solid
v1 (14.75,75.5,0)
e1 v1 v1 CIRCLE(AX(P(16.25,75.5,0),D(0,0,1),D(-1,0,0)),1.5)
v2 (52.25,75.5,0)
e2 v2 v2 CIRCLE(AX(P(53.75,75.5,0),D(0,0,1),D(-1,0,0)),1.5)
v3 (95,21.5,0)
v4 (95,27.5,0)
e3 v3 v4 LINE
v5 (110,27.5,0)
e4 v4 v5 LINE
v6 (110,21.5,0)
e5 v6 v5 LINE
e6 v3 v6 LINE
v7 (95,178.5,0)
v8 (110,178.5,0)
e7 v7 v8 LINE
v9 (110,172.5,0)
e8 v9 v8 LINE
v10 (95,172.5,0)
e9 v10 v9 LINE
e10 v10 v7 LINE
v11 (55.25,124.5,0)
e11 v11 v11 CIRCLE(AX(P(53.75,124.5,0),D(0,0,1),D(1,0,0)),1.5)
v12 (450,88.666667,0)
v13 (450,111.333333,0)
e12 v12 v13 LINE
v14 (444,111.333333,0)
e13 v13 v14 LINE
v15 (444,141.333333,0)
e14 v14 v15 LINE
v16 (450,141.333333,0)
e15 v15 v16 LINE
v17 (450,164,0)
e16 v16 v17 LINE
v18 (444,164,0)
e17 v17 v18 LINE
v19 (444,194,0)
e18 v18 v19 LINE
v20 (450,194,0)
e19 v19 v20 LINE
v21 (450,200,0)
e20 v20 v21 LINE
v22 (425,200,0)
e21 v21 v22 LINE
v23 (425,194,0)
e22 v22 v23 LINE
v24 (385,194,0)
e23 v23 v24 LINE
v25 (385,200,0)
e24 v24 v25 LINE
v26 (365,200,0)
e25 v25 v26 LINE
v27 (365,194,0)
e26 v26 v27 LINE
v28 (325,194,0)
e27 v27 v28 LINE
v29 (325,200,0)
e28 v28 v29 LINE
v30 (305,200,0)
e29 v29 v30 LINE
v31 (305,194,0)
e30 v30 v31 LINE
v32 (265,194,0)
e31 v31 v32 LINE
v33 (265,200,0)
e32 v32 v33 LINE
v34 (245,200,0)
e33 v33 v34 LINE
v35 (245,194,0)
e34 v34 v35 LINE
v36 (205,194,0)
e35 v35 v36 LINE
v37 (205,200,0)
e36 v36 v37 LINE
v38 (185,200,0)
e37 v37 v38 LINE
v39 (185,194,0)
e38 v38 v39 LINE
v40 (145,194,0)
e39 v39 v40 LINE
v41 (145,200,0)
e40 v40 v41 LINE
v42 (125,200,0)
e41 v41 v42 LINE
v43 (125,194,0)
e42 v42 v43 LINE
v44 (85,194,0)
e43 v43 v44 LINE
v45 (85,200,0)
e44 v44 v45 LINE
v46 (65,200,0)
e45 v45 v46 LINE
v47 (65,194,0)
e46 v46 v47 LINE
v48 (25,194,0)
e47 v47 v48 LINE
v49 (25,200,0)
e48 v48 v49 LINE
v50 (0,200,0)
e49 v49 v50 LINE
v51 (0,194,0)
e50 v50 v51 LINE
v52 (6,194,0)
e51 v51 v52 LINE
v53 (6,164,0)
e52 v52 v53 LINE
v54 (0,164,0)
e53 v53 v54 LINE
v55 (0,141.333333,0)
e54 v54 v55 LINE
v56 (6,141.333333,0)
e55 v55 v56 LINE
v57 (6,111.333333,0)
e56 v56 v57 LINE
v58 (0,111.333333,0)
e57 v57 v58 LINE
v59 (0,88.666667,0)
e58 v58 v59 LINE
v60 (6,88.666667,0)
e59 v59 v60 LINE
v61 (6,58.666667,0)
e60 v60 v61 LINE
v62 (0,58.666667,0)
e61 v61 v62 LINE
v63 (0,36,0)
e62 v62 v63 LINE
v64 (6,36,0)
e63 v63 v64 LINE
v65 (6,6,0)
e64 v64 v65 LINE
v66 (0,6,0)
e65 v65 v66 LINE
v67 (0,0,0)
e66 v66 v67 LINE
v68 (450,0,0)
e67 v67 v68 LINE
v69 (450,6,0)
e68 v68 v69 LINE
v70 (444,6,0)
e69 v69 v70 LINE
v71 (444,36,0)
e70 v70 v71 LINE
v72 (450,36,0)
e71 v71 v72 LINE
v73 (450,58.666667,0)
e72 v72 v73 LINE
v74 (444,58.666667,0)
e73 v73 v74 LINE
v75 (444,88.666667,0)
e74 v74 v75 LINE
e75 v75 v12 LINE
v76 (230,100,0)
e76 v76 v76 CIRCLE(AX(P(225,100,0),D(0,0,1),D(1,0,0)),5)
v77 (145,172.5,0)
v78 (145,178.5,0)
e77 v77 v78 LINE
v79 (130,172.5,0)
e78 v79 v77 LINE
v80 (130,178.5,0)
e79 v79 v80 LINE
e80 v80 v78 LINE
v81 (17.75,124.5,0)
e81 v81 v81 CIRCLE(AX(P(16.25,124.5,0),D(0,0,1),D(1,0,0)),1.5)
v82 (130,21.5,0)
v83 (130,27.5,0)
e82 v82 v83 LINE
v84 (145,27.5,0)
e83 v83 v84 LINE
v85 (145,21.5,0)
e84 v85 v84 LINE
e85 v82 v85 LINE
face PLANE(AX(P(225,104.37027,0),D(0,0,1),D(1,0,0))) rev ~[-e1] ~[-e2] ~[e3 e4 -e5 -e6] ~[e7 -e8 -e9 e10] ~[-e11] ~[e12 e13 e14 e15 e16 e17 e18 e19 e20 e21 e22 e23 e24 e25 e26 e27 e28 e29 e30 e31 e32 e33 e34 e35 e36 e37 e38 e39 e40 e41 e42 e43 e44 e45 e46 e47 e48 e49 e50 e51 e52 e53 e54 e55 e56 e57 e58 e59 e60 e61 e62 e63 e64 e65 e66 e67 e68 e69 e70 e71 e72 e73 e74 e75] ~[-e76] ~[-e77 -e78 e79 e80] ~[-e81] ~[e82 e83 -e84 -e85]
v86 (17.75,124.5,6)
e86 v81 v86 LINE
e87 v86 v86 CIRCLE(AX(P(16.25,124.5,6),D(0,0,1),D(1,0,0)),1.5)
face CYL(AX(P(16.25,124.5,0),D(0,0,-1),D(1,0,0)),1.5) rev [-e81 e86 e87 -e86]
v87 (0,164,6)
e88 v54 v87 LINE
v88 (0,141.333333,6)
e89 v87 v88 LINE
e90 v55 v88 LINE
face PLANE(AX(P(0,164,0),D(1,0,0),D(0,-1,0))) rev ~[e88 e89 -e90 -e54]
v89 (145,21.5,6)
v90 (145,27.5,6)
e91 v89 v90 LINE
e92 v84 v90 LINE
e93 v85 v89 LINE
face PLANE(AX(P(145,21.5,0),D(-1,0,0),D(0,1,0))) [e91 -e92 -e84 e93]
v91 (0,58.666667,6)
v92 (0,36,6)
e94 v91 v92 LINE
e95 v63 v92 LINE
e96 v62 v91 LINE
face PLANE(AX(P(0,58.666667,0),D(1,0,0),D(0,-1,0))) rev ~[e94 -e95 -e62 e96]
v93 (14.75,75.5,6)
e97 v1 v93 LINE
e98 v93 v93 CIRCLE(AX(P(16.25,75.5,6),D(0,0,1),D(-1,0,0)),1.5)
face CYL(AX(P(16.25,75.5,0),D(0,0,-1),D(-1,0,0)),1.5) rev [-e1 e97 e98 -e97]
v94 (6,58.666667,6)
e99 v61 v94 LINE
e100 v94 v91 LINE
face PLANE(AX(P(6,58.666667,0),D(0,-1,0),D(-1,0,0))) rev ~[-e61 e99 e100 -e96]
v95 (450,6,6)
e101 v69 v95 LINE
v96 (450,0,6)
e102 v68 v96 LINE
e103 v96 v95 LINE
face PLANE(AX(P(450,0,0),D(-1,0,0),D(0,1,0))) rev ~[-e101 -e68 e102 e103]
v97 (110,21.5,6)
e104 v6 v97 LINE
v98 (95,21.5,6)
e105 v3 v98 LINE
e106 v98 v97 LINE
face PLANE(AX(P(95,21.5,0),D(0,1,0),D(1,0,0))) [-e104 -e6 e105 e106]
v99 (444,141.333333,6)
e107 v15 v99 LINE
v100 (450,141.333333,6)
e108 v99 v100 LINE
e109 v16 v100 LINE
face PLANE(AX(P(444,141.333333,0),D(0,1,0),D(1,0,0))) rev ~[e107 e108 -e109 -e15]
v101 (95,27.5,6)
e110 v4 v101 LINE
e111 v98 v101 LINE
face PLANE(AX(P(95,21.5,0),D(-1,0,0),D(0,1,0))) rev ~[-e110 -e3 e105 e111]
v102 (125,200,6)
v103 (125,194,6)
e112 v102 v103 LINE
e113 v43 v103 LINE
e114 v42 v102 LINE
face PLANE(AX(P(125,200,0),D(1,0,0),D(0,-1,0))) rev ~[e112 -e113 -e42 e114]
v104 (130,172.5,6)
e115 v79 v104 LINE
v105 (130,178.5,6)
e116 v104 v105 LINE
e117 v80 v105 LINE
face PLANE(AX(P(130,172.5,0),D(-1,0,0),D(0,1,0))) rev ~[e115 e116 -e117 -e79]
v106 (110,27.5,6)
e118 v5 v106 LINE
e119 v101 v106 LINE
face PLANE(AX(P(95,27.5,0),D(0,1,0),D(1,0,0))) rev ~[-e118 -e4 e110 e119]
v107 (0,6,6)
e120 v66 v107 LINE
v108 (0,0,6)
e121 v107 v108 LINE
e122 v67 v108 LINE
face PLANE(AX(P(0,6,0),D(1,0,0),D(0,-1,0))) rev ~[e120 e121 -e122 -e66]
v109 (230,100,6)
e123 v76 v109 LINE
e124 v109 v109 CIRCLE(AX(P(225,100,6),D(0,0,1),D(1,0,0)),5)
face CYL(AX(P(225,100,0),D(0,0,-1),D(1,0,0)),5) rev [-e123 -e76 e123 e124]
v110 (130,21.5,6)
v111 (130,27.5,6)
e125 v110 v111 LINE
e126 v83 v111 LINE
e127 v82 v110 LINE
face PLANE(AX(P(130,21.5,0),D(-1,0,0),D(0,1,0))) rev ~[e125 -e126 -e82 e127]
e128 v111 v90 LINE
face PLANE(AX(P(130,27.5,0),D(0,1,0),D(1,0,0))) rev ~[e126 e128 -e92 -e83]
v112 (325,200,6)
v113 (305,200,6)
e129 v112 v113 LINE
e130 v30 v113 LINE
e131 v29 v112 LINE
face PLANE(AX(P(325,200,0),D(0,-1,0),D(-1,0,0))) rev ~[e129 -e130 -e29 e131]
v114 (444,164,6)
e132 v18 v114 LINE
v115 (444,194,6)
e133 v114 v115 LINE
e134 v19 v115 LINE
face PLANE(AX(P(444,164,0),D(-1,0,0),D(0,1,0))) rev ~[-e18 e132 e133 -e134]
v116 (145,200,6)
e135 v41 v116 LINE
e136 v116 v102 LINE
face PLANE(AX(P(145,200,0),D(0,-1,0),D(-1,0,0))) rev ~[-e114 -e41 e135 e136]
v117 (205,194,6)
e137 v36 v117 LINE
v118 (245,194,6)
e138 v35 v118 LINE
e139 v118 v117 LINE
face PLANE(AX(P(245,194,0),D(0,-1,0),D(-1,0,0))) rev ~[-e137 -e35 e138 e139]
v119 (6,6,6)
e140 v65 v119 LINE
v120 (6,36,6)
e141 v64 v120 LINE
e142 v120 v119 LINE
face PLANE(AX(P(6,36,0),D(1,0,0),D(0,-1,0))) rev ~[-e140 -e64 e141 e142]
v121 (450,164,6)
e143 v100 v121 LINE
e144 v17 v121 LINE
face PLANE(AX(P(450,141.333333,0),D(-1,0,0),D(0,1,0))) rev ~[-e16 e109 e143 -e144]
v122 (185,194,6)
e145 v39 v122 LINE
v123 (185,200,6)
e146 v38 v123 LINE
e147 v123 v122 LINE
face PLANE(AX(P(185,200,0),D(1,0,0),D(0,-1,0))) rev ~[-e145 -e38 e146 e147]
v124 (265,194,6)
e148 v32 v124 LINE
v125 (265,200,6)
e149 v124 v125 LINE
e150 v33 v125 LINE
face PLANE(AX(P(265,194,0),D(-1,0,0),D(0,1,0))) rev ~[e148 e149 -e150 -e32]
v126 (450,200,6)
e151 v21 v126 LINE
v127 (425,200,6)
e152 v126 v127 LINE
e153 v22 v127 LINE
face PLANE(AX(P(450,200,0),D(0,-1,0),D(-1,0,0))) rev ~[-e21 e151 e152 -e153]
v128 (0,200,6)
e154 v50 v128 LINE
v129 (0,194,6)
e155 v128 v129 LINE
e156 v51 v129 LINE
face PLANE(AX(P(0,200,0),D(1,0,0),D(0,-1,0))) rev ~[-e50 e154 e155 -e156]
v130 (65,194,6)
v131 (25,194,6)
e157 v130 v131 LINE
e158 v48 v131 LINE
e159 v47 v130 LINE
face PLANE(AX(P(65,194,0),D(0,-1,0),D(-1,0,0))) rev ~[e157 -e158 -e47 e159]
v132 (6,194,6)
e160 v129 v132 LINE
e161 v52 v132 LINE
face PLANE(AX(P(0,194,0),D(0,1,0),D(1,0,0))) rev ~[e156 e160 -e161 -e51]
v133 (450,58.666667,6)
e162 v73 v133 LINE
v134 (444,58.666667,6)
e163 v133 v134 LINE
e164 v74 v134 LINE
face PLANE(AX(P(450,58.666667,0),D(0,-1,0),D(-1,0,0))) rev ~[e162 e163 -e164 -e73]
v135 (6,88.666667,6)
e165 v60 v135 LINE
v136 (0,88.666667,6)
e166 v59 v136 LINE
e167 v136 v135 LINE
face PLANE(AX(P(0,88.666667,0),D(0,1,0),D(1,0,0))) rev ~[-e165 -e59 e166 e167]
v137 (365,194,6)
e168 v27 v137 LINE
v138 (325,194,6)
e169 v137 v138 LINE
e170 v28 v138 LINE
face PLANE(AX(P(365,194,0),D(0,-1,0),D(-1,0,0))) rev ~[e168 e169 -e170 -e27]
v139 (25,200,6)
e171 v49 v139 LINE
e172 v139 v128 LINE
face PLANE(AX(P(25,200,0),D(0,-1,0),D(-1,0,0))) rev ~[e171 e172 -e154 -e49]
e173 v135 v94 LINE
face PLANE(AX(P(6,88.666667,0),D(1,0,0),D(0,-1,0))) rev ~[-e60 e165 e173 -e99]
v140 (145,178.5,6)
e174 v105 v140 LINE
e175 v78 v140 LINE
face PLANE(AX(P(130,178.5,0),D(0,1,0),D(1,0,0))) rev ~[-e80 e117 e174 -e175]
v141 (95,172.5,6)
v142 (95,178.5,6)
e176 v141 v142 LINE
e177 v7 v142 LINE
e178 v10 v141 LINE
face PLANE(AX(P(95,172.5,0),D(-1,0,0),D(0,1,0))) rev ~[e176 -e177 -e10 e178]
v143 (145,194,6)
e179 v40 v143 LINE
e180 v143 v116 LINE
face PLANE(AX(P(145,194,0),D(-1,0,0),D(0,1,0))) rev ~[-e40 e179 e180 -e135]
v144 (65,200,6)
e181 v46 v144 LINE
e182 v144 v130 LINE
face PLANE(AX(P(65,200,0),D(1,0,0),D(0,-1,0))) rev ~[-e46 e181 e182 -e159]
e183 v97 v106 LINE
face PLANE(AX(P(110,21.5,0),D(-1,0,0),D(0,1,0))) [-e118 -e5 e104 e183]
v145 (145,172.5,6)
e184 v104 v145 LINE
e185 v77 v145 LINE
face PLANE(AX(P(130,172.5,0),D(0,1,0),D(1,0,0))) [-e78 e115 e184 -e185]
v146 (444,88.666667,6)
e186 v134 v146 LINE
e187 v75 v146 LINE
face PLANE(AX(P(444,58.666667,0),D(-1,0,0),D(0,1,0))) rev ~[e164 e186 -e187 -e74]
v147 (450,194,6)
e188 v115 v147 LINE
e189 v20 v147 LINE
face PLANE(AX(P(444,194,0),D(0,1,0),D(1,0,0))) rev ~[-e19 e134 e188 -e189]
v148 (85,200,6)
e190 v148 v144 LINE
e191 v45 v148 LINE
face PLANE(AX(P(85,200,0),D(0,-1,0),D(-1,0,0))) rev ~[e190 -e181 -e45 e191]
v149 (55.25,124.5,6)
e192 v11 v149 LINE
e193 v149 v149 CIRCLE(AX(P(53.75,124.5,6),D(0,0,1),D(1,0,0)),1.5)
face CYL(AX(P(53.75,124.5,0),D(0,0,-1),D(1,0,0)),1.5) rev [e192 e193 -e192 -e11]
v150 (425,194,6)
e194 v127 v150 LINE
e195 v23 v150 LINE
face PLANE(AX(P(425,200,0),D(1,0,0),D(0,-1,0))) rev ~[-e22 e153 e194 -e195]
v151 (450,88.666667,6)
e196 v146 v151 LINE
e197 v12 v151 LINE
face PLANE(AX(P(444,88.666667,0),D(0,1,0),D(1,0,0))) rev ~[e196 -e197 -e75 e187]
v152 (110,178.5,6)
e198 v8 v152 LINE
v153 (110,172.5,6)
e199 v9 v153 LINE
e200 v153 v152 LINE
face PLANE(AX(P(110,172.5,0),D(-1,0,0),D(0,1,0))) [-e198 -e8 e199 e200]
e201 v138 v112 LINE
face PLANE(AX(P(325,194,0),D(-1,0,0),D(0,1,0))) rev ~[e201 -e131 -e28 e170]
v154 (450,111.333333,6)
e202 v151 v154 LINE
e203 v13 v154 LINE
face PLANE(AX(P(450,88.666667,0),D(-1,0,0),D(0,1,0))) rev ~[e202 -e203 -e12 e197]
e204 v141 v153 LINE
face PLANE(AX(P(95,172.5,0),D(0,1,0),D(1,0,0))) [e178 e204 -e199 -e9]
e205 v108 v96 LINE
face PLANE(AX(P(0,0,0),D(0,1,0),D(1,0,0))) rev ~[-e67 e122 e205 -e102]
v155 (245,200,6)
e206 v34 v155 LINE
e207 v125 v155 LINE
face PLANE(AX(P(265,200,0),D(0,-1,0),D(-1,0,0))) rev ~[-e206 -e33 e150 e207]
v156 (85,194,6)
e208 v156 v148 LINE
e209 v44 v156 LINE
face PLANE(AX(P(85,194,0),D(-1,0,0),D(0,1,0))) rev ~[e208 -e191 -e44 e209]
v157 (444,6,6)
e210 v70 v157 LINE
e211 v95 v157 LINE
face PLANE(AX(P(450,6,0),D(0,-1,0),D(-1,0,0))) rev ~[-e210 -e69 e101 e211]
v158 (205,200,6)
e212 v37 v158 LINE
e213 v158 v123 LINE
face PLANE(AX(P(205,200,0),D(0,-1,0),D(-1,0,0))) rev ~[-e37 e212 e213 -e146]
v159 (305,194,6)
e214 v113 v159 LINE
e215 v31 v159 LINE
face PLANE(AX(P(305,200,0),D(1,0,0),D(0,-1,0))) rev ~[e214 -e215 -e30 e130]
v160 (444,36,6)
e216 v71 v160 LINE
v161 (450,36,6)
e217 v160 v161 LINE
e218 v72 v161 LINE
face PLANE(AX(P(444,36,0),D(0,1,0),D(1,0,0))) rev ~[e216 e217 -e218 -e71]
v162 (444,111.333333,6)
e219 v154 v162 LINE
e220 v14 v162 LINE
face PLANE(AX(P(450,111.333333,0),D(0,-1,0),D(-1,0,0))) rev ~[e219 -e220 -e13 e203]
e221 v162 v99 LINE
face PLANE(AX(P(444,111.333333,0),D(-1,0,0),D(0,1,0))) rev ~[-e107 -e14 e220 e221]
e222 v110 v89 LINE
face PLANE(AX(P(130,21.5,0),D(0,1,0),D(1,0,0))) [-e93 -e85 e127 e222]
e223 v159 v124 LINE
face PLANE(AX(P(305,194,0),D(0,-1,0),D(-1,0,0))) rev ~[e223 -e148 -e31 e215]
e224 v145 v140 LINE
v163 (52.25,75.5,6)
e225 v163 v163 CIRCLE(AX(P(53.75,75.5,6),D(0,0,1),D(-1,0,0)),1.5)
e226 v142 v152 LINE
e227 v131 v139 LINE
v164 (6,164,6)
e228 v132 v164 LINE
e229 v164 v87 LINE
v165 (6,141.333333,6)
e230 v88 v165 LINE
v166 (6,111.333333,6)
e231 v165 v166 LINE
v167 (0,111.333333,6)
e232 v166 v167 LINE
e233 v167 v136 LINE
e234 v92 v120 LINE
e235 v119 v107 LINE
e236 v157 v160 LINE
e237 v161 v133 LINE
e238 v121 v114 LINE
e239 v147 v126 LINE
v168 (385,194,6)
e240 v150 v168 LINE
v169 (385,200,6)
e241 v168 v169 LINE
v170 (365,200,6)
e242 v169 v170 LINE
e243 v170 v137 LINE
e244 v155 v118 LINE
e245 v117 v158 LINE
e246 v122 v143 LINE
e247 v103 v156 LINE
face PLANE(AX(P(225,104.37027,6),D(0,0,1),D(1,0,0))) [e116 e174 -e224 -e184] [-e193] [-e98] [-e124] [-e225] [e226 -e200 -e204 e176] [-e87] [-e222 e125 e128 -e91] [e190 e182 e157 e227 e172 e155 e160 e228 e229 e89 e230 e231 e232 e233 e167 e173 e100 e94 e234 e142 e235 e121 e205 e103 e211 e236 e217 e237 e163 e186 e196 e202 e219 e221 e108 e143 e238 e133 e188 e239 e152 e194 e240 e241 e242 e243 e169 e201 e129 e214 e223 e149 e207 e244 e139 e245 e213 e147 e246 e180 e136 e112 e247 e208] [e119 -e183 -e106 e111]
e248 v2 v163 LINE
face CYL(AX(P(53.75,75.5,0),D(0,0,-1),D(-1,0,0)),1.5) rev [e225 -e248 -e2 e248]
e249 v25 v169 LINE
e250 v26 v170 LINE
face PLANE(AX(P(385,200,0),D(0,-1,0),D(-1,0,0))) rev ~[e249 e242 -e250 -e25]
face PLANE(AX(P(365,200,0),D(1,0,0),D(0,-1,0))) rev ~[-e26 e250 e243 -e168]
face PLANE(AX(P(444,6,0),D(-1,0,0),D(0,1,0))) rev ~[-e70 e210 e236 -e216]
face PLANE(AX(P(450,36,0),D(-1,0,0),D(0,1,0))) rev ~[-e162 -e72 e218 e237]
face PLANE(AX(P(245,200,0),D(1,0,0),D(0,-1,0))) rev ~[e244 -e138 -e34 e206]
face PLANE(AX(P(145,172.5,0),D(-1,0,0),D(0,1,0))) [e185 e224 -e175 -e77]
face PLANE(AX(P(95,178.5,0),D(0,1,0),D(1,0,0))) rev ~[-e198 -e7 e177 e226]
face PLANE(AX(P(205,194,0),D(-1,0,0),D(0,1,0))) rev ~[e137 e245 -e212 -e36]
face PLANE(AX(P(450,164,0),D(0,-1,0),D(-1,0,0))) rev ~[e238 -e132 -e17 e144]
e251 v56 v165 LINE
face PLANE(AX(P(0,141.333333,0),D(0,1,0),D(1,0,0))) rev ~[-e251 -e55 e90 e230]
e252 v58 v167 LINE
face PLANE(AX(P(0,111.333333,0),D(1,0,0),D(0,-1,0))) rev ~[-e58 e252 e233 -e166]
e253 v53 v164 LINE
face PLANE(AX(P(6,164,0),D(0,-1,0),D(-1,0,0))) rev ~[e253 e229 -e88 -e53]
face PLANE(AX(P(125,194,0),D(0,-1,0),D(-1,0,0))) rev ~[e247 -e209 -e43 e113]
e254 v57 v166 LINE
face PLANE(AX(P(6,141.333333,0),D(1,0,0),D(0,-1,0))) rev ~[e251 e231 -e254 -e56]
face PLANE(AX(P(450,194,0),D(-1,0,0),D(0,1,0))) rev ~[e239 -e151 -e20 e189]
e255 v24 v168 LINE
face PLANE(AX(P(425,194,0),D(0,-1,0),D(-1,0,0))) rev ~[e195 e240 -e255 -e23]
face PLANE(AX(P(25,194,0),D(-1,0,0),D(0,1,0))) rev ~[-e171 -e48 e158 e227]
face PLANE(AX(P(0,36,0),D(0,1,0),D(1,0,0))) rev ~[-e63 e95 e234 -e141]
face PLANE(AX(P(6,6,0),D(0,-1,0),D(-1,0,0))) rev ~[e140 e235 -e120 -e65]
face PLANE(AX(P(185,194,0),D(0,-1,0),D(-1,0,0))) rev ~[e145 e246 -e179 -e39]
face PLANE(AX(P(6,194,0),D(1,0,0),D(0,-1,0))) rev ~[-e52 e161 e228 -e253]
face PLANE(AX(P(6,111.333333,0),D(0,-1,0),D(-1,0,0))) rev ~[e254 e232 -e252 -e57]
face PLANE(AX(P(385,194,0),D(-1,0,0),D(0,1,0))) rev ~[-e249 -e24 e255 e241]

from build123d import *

# Parameters (mm, degrees)
ESQUISSE1_R        = 5
ESQUISSE1_R_2      = 1.5
ESQUISSE1_W        = 15
ESQUISSE1_H        = 6
BOSS_EXTRU_1_DEPTH = 6


with BuildPart() as part:
    # Esquisse1 → Boss.-Extru.1 (new body)
    with BuildSketch(Plane.XY):
        Polygon((0, 0), (450, 0), (450, 6), (444, 6), (444, 36), (450, 36), (450, 58.666666667), (444, 58.666666667), (444, 88.666666667), (450, 88.666666667), (450, 111.333333333), (444, 111.333333333), (444, 141.333333333), (450, 141.333333333), (450, 164), (444, 164), (444, 194), (450, 194), (450, 200), (425, 200), (425, 194), (385, 194), (385, 200), (365, 200), (365, 194), (325, 194), (325, 200), (305, 200), (305, 194), (265, 194), (265, 200), (245, 200), (245, 194), (205, 194), (205, 200), (185, 200), (185, 194), (145, 194), (145, 200), (125, 200), (125, 194), (85, 194), (85, 200), (65, 200), (65, 194), (25, 194), (25, 200), (0, 200), (0, 194), (6, 194), (6, 164), (0, 164), (0, 141.333333333), (6, 141.333333333), (6, 111.333333333), (0, 111.333333333), (0, 88.666666667), (6, 88.666666667), (6, 58.666666667), (0, 58.666666667), (0, 36), (6, 36), (6, 6), (0, 6), align=None)
        with Locations((225, 100)):
            Circle(ESQUISSE1_R, mode=Mode.SUBTRACT)
        with Locations((16.25, 124.5)):
            Circle(ESQUISSE1_R_2, mode=Mode.SUBTRACT)
        with Locations((53.75, 124.5)):
            Circle(ESQUISSE1_R_2, mode=Mode.SUBTRACT)
        with Locations(Location((53.75, 75.5, 0), (0, 0, 180))):
            Circle(ESQUISSE1_R_2, mode=Mode.SUBTRACT)
        with Locations(Location((16.25, 75.5, 0), (0, 0, 180))):
            Circle(ESQUISSE1_R_2, mode=Mode.SUBTRACT)
        with Locations((137.5, 24.5)):
            Rectangle(ESQUISSE1_W, ESQUISSE1_H, mode=Mode.SUBTRACT)
        with Locations((102.5, 175.5)):
            Rectangle(ESQUISSE1_W, ESQUISSE1_H, mode=Mode.SUBTRACT)
        with Locations((137.5, 175.5)):
            Rectangle(ESQUISSE1_W, ESQUISSE1_H, mode=Mode.SUBTRACT)
        with Locations((102.5, 24.5)):
            Rectangle(ESQUISSE1_W, ESQUISSE1_H, mode=Mode.SUBTRACT)
    extrude(amount=BOSS_EXTRU_1_DEPTH)


solid = part.part
